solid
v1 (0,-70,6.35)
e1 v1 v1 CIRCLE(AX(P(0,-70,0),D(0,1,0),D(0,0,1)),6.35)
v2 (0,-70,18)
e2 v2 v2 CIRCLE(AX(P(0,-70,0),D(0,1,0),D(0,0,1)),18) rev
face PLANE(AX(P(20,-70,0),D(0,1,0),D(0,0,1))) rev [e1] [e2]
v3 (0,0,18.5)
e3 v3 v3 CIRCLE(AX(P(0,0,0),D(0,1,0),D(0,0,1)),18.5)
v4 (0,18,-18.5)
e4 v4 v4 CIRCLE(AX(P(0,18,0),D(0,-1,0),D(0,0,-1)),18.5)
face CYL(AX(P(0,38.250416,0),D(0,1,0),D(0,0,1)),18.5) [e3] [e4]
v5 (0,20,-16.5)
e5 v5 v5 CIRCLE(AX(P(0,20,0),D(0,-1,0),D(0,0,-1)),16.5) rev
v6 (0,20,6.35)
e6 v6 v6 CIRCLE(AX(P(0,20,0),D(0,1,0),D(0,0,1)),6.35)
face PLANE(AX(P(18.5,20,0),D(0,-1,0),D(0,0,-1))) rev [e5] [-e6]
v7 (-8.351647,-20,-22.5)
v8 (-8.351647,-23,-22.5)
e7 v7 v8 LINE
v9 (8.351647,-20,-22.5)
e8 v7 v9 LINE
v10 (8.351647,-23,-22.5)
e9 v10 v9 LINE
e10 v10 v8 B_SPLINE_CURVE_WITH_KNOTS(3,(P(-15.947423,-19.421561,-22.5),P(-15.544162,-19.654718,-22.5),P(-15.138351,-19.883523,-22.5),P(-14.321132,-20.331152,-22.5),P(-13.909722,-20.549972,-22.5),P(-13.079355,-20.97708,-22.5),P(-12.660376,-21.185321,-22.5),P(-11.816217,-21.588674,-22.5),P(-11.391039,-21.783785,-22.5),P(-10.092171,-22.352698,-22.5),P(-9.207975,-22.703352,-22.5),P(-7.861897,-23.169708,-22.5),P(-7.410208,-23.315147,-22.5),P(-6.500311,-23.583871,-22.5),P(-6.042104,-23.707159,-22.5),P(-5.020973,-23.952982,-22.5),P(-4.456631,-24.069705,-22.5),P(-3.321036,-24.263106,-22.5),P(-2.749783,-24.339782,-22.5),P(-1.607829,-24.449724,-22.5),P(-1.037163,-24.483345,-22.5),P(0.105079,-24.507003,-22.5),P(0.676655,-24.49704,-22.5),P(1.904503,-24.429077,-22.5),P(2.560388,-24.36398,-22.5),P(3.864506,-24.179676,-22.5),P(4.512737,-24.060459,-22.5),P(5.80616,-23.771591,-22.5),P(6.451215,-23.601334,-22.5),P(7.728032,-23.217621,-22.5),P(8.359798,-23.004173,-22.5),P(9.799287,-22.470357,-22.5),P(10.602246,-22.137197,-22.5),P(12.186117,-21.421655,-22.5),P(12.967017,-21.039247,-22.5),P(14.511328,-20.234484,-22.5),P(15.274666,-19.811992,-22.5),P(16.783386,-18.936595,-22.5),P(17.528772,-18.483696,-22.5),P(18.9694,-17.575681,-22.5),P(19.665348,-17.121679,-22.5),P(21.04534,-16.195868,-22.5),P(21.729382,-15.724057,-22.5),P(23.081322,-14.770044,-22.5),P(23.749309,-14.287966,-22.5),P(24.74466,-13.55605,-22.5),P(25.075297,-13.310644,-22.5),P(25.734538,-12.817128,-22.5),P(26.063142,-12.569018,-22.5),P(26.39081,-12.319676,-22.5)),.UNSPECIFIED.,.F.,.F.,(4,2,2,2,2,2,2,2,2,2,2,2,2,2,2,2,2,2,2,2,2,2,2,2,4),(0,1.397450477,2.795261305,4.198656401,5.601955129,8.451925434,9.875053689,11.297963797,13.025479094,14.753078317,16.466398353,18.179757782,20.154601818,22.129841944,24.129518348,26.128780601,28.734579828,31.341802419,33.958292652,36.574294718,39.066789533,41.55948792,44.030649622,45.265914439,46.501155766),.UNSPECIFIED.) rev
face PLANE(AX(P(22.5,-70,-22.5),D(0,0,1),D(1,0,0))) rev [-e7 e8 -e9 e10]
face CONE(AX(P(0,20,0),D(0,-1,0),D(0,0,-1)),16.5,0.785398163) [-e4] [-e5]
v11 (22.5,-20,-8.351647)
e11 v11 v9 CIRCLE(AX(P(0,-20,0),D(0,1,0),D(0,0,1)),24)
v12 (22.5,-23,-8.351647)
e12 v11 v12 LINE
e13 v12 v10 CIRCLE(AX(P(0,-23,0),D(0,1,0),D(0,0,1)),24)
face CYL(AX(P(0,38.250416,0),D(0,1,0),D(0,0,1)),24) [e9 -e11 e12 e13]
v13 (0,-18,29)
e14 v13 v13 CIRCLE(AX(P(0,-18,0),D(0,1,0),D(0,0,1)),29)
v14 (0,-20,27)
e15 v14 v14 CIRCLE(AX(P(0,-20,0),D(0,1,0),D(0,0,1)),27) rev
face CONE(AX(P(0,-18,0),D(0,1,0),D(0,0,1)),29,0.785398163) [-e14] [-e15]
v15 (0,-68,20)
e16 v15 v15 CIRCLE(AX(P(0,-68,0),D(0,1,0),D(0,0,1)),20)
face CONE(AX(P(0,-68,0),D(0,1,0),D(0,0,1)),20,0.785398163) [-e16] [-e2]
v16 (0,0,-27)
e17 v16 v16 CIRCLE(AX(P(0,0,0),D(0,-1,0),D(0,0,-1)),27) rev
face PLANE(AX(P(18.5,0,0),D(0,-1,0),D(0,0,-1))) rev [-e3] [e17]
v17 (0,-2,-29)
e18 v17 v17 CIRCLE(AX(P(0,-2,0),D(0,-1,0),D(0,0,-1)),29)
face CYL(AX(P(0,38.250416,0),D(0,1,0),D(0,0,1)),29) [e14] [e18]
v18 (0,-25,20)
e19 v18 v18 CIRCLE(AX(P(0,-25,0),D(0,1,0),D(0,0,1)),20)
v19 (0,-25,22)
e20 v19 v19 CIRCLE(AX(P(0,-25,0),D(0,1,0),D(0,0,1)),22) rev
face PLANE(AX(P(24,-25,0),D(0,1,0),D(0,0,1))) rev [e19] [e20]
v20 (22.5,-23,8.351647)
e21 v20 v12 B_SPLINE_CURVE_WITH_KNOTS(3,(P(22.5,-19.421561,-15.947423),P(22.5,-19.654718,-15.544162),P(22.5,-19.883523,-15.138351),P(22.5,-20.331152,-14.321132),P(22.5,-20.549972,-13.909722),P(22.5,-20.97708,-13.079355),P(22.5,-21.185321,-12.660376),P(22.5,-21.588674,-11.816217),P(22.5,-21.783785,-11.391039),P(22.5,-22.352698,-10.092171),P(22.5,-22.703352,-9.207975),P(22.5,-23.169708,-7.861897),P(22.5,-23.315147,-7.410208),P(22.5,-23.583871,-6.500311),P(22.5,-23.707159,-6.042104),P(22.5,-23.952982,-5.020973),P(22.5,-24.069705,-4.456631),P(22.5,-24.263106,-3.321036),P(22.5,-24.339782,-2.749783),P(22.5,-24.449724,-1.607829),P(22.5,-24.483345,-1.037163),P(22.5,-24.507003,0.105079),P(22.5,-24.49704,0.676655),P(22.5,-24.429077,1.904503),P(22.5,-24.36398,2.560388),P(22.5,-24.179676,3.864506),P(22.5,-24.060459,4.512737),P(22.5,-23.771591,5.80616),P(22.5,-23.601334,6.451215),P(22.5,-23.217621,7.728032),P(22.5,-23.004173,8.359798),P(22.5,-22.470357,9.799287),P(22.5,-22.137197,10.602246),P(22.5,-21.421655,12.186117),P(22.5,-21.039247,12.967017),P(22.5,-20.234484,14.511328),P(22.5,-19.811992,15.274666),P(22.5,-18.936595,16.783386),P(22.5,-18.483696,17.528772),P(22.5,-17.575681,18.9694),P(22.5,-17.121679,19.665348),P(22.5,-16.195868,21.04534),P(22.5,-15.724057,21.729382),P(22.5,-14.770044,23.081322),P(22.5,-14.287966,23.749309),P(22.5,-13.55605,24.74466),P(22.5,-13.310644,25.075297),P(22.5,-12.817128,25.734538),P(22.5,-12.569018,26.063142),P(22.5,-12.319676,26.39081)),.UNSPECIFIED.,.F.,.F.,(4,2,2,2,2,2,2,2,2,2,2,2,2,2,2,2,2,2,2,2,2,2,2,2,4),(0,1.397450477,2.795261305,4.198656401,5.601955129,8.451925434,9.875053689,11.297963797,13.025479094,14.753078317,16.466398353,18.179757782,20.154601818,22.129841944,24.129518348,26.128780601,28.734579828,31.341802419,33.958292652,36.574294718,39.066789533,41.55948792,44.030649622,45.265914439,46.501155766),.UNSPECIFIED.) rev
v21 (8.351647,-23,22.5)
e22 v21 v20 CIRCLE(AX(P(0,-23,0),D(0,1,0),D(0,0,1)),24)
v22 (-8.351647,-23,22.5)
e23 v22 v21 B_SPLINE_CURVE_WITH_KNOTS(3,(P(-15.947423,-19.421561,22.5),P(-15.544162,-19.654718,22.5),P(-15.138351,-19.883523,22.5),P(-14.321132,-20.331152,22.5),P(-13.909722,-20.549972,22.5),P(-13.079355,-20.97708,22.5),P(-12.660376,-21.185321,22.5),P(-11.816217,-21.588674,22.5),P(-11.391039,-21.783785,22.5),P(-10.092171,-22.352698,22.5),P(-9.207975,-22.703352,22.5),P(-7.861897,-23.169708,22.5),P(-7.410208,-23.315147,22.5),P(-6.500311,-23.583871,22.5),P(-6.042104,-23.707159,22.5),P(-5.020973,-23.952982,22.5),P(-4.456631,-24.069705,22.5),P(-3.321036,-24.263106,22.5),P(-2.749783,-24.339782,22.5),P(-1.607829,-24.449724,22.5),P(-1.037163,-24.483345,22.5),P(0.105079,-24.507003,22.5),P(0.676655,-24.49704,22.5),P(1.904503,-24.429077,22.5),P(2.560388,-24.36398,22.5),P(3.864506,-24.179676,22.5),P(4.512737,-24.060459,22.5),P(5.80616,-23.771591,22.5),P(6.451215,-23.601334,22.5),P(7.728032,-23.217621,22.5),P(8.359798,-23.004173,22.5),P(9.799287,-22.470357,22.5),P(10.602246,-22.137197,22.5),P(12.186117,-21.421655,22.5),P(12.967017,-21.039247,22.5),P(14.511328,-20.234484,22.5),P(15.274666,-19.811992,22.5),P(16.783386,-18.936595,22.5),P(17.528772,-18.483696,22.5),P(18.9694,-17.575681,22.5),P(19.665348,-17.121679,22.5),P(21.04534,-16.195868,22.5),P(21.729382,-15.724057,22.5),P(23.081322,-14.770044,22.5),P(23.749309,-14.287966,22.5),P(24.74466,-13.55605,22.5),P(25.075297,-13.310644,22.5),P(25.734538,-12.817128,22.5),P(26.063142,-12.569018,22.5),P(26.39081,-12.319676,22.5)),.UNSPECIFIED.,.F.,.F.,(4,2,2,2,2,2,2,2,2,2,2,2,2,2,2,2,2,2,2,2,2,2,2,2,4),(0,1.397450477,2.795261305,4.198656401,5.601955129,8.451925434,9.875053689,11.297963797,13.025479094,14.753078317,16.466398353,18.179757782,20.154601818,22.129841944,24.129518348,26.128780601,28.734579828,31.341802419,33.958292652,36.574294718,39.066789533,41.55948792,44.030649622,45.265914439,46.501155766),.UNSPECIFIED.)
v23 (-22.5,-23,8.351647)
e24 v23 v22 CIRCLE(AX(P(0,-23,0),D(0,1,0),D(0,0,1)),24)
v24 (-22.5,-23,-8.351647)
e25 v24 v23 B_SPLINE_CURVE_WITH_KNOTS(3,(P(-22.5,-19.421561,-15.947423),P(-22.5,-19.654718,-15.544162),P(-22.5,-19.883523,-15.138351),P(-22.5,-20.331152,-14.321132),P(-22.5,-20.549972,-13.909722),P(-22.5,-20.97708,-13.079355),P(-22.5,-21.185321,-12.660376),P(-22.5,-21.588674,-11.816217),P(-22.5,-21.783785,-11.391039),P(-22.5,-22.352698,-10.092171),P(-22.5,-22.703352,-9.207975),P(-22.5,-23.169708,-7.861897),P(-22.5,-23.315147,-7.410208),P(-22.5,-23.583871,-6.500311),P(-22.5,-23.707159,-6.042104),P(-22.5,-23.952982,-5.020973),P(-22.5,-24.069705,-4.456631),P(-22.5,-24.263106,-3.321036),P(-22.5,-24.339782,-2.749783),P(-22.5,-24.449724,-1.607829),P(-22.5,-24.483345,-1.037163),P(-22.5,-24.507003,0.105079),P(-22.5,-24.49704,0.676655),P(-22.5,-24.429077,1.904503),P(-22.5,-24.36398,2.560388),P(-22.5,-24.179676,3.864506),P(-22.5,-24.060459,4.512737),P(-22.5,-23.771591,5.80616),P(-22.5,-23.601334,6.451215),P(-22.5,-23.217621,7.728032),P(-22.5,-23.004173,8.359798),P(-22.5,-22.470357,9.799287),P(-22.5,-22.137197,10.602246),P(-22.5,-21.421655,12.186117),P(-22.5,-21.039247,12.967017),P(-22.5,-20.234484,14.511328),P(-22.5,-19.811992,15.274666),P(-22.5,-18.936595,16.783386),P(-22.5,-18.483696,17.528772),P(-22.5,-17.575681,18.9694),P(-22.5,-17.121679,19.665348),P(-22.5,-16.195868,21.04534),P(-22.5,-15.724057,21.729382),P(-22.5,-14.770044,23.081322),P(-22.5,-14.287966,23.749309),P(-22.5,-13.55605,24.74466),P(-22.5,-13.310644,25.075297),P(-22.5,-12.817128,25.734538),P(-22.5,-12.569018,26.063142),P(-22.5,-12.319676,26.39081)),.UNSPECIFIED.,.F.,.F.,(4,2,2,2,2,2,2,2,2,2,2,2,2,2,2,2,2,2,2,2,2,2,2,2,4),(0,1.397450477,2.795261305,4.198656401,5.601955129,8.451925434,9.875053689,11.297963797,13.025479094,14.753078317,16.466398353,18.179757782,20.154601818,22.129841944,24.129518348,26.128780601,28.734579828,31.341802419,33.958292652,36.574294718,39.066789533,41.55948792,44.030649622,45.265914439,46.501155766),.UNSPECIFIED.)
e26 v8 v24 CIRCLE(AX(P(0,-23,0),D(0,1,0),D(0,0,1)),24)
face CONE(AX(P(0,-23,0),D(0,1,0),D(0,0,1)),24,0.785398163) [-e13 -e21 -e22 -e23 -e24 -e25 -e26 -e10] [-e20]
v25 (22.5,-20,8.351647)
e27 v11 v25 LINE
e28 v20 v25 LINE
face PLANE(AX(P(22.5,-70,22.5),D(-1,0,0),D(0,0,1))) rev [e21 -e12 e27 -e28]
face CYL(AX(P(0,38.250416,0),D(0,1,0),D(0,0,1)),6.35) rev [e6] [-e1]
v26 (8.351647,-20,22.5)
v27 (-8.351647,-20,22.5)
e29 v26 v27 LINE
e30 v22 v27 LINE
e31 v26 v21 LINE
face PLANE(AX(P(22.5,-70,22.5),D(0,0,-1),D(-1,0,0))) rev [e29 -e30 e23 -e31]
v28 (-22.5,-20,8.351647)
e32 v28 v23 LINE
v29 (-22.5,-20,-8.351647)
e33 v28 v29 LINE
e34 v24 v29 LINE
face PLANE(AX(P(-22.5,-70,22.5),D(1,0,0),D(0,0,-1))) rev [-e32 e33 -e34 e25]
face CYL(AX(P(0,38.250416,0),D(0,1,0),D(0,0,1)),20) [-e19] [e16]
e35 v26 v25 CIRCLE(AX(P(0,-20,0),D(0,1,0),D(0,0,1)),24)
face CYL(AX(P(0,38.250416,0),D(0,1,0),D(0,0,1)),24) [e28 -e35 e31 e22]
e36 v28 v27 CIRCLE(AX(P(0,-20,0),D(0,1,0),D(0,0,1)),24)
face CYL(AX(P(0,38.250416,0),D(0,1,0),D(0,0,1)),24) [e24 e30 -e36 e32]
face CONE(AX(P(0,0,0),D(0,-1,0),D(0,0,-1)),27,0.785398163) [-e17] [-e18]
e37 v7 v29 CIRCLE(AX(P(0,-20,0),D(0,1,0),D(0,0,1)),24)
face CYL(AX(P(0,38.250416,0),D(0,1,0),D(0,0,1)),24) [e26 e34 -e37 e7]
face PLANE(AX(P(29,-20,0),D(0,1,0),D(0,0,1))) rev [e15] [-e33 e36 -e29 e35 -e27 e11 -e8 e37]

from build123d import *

# Parameters (mm, degrees)
CHAMFER1_SIZE       = 2
SKETCH2_OUTSIDE_W   = 84.354
SKETCH2_OUTSIDE_H   = 84.354
SKETCH2_OUTSIDE_W_2 = 45
SKETCH2_OUTSIDE_H_2 = 45
CUT_EXTRUDE1_DEPTH  = 65.668384857


with BuildPart() as part:
    # Sketch1 → Revolve2 (revolve)
    with BuildSketch(Plane.XY):
        Polygon((18.5, 0), (18.5, 20), (6.35, 20), (6.35, -70), (20, -70), (20, -25), (24, -25), (24, -20), (29, -20), (29, 0), align=None)
    revolve(axis=Axis((0, 38.250415552, 0), (0, -1, 0)))

    # Chamfer1
    chamfer1_edges = [part.edges().sort_by_distance(p)[0] for p in [
        (-18.5, 20, 0),
        (-29, 0, 0),
        (-20, -70, 0),
        (-24, -25, 0),
        (-29, -20, 0),
    ]]
    chamfer(chamfer1_edges, length=CHAMFER1_SIZE)

    # Sketch2 outside → Cut-Extrude1 (cut, through all)
    with BuildSketch(Plane.XZ.offset(20)):
        Rectangle(SKETCH2_OUTSIDE_W, SKETCH2_OUTSIDE_H)
        Rectangle(SKETCH2_OUTSIDE_W_2, SKETCH2_OUTSIDE_H_2, mode=Mode.SUBTRACT)
    extrude(amount=CUT_EXTRUDE1_DEPTH, mode=Mode.SUBTRACT)


solid = part.part
